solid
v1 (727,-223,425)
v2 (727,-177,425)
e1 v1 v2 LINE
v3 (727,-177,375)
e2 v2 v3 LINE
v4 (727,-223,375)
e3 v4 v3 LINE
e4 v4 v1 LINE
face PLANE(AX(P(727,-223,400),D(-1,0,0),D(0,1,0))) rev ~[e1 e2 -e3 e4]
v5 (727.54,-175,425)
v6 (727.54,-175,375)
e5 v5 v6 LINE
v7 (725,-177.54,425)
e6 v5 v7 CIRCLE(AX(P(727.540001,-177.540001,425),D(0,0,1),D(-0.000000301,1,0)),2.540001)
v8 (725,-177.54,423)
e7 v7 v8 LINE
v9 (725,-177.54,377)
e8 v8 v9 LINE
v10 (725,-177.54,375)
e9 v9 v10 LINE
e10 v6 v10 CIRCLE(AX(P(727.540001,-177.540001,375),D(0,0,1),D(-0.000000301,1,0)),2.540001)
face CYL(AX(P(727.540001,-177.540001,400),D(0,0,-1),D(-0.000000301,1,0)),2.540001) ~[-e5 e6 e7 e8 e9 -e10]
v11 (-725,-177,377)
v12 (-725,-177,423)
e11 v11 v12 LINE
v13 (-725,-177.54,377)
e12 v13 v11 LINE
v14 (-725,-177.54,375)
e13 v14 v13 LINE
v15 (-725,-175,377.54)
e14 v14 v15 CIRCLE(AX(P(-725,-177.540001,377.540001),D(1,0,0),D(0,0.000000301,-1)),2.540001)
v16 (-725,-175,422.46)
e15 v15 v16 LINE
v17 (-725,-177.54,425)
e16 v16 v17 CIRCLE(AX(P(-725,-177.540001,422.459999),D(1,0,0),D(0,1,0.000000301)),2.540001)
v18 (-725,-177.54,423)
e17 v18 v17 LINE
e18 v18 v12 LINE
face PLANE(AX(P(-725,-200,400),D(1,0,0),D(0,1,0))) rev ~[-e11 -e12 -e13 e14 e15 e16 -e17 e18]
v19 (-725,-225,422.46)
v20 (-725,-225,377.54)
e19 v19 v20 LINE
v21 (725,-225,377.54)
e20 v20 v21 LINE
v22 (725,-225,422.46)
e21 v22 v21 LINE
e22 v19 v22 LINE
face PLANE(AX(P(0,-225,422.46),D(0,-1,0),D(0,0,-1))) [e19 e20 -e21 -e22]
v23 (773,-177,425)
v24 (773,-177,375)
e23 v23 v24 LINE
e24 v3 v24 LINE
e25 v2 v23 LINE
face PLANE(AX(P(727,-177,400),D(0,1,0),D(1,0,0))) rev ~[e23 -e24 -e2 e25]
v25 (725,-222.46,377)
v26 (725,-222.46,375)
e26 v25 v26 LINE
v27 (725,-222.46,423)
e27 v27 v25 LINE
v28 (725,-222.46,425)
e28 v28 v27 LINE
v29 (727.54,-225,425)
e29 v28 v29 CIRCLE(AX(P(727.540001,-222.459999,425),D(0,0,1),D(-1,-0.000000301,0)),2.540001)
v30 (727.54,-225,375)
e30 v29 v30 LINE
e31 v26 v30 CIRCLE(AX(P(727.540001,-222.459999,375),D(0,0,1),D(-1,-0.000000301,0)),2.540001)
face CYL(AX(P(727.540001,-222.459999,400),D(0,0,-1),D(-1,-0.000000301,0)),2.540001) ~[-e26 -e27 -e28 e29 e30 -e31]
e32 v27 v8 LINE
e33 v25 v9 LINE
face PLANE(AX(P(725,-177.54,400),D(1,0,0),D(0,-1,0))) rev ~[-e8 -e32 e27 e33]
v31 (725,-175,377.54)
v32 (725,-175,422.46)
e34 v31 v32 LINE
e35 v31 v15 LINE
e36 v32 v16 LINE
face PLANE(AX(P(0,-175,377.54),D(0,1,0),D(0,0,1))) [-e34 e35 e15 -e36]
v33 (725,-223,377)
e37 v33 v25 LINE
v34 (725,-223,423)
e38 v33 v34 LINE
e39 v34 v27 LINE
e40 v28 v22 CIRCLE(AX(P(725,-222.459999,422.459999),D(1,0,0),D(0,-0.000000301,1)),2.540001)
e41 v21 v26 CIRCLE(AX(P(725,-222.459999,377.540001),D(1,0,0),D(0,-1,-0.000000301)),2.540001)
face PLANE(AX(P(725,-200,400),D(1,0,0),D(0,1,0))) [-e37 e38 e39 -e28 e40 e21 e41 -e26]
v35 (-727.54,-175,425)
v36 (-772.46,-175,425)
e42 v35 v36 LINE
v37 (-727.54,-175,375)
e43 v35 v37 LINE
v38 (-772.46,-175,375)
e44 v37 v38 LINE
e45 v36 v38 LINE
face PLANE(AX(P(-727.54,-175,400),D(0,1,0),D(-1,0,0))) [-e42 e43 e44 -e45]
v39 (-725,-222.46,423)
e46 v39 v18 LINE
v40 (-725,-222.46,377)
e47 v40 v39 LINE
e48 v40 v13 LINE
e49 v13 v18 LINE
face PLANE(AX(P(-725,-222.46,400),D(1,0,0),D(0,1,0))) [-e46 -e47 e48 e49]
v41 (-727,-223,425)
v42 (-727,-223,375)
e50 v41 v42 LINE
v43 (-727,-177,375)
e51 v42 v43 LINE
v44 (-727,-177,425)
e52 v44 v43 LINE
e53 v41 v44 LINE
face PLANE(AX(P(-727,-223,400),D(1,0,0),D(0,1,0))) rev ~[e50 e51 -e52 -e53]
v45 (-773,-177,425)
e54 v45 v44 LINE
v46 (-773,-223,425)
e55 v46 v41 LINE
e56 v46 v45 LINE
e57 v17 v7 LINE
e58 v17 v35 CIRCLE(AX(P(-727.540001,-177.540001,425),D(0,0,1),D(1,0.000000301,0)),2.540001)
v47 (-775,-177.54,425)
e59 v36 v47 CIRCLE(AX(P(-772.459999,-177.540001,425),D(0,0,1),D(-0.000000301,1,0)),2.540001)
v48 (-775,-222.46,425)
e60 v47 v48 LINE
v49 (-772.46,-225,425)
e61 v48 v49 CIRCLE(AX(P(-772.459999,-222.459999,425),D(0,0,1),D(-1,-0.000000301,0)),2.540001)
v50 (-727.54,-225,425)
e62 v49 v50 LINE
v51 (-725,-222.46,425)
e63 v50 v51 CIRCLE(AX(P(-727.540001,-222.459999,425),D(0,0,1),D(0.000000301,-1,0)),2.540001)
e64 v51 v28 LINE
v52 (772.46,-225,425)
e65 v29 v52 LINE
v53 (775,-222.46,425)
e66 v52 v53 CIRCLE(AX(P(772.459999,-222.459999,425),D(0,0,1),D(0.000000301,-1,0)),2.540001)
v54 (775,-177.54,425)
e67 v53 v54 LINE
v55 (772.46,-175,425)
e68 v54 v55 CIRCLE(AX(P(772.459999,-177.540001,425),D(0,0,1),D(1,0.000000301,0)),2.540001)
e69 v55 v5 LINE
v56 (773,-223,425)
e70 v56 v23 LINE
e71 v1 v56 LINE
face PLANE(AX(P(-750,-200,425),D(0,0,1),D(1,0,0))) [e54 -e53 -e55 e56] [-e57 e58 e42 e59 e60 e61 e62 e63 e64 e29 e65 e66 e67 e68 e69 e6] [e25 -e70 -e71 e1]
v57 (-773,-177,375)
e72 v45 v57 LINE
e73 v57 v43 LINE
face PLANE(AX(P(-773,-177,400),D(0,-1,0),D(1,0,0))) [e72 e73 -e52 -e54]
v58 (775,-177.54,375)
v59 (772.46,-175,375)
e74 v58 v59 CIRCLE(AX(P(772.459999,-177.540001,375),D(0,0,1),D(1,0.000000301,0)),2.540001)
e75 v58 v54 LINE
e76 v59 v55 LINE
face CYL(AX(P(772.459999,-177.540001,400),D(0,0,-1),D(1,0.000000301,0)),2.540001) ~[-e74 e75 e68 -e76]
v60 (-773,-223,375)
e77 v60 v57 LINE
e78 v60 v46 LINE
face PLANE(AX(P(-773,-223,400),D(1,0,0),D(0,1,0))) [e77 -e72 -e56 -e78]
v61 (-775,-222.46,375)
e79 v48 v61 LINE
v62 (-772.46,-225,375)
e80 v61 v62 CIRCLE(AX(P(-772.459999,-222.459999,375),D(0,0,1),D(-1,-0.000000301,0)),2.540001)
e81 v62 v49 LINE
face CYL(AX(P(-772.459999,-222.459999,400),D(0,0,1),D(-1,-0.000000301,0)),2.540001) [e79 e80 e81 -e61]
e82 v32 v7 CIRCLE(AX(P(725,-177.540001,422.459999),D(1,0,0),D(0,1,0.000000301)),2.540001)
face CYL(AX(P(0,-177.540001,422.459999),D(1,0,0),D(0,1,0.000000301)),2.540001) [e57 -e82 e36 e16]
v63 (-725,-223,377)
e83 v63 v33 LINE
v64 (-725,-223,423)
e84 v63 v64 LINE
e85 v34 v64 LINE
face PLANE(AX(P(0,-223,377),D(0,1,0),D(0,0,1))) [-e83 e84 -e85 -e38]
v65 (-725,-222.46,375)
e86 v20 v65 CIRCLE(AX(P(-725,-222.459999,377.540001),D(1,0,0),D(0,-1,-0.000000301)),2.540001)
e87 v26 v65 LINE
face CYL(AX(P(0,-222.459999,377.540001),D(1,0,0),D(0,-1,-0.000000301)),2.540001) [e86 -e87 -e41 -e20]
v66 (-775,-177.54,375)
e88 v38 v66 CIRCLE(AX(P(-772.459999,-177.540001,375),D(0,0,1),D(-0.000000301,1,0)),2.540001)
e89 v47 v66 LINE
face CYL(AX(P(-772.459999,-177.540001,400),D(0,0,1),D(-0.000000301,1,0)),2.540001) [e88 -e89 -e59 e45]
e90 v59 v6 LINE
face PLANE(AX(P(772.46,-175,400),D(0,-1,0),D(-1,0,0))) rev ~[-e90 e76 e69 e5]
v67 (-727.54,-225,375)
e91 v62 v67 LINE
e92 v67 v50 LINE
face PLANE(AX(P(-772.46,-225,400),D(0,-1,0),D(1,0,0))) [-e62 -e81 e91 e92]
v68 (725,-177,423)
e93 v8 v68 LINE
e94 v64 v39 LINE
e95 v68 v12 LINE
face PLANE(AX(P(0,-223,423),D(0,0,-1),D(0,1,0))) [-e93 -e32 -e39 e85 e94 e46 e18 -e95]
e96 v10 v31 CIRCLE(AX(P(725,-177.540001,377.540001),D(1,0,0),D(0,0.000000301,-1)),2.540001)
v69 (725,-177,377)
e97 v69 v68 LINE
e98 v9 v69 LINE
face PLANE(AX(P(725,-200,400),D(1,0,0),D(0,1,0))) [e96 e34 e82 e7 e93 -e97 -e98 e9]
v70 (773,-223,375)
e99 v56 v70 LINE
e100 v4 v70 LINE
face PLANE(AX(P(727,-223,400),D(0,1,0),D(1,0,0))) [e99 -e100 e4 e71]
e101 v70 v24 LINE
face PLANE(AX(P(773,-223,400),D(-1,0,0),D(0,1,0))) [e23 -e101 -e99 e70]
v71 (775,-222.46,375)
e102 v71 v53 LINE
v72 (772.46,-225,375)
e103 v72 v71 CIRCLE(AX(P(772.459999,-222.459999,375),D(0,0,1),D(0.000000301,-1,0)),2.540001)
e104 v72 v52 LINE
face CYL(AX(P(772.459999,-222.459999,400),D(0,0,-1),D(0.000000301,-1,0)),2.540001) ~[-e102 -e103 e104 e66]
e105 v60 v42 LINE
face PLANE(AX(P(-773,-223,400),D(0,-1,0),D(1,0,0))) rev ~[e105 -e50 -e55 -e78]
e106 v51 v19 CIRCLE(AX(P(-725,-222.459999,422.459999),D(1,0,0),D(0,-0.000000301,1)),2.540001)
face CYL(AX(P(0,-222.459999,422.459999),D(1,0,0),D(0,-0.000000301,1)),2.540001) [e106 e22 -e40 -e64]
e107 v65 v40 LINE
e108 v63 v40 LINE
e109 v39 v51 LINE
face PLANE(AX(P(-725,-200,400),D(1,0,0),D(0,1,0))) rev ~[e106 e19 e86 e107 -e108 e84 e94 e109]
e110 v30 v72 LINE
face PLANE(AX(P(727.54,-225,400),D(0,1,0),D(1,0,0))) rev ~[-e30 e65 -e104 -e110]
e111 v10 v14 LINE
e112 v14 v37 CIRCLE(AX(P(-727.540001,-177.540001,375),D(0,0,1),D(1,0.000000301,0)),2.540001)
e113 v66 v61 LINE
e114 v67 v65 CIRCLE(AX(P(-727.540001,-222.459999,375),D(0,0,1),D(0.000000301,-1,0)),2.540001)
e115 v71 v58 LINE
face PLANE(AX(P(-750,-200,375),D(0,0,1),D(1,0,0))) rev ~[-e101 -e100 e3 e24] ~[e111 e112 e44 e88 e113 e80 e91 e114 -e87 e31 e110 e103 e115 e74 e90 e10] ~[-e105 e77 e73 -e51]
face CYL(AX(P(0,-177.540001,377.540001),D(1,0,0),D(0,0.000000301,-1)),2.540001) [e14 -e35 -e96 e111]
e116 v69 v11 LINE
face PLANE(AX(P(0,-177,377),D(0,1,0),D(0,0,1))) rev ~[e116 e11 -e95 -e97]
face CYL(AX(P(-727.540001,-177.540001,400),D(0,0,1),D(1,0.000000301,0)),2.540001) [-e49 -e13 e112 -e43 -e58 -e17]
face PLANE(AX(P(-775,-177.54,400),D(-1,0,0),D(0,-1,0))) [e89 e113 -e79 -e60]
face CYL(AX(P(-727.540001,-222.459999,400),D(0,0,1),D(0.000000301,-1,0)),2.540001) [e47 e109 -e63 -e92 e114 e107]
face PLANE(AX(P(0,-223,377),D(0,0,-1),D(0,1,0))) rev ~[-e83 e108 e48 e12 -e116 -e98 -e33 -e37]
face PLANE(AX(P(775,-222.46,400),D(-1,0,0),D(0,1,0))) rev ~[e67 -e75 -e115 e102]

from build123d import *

# Parameters (mm, degrees)
F0_W     = 46
F0_H     = 46
F1_DEPTH = 725
F3_W     = 46
F3_H     = 46
F4_DEPTH = 25


with BuildPart() as f1:
    # F0 (on Right) → F1 (new body, symmetric)
    with BuildSketch(Plane.YZ):
        with BuildLine():
            ThreePointArc((-175, 422.46), (-175.743949, 424.256051), (-177.54, 425))
            Line((-177.54, 425), (-222.46, 425))
            ThreePointArc((-222.46, 425), (-224.256051, 424.256051), (-225, 422.46))
            Line((-225, 422.46), (-225, 377.54))
            ThreePointArc((-225, 377.54), (-224.256051, 375.743949), (-222.46, 375))
            Line((-222.46, 375), (-177.54, 375))
            ThreePointArc((-177.54, 375), (-175.743949, 375.743949), (-175, 377.54))
            Line((-175, 377.54), (-175, 422.46))
        make_face()
        with Locations((-200, 400)):
            Rectangle(F0_W, F0_H, mode=Mode.SUBTRACT)
    extrude(amount=F1_DEPTH, both=True)

    # F3 (on offset) → F4 (join, symmetric)
    with BuildSketch(Plane.XY.offset(400)):
        with BuildLine():
            Line((727.54, -225), (772.46, -225))
            ThreePointArc((772.46, -225), (774.256051, -224.256051), (775, -222.46))
            Line((775, -222.46), (775, -177.54))
            ThreePointArc((775, -177.54), (774.256051, -175.743949), (772.46, -175))
            Line((772.46, -175), (727.54, -175))
            ThreePointArc((727.54, -175), (725.743949, -175.743949), (725, -177.54))
            Line((725, -177.54), (725, -222.46))
            ThreePointArc((725, -222.46), (725.743949, -224.256051), (727.54, -225))
        make_face()
        with Locations((750, -200)):
            Rectangle(F3_W, F3_H, mode=Mode.SUBTRACT)
        with BuildLine():
            ThreePointArc((-775, -222.46), (-774.256051, -224.256051), (-772.46, -225))
            Line((-772.46, -225), (-727.54, -225))
            ThreePointArc((-727.54, -225), (-725.743949, -224.256051), (-725, -222.46))
            Line((-725, -222.46), (-725, -177.54))
            ThreePointArc((-725, -177.54), (-725.743949, -175.743949), (-727.54, -175))
            Line((-727.54, -175), (-772.46, -175))
            ThreePointArc((-772.46, -175), (-774.256051, -175.743949), (-775, -177.54))
            Line((-775, -177.54), (-775, -222.46))
        make_face()
        with Locations((-750, -200)):
            Rectangle(F3_W, F3_H, mode=Mode.SUBTRACT)
    extrude(amount=F4_DEPTH, both=True)


solid = f1.part
